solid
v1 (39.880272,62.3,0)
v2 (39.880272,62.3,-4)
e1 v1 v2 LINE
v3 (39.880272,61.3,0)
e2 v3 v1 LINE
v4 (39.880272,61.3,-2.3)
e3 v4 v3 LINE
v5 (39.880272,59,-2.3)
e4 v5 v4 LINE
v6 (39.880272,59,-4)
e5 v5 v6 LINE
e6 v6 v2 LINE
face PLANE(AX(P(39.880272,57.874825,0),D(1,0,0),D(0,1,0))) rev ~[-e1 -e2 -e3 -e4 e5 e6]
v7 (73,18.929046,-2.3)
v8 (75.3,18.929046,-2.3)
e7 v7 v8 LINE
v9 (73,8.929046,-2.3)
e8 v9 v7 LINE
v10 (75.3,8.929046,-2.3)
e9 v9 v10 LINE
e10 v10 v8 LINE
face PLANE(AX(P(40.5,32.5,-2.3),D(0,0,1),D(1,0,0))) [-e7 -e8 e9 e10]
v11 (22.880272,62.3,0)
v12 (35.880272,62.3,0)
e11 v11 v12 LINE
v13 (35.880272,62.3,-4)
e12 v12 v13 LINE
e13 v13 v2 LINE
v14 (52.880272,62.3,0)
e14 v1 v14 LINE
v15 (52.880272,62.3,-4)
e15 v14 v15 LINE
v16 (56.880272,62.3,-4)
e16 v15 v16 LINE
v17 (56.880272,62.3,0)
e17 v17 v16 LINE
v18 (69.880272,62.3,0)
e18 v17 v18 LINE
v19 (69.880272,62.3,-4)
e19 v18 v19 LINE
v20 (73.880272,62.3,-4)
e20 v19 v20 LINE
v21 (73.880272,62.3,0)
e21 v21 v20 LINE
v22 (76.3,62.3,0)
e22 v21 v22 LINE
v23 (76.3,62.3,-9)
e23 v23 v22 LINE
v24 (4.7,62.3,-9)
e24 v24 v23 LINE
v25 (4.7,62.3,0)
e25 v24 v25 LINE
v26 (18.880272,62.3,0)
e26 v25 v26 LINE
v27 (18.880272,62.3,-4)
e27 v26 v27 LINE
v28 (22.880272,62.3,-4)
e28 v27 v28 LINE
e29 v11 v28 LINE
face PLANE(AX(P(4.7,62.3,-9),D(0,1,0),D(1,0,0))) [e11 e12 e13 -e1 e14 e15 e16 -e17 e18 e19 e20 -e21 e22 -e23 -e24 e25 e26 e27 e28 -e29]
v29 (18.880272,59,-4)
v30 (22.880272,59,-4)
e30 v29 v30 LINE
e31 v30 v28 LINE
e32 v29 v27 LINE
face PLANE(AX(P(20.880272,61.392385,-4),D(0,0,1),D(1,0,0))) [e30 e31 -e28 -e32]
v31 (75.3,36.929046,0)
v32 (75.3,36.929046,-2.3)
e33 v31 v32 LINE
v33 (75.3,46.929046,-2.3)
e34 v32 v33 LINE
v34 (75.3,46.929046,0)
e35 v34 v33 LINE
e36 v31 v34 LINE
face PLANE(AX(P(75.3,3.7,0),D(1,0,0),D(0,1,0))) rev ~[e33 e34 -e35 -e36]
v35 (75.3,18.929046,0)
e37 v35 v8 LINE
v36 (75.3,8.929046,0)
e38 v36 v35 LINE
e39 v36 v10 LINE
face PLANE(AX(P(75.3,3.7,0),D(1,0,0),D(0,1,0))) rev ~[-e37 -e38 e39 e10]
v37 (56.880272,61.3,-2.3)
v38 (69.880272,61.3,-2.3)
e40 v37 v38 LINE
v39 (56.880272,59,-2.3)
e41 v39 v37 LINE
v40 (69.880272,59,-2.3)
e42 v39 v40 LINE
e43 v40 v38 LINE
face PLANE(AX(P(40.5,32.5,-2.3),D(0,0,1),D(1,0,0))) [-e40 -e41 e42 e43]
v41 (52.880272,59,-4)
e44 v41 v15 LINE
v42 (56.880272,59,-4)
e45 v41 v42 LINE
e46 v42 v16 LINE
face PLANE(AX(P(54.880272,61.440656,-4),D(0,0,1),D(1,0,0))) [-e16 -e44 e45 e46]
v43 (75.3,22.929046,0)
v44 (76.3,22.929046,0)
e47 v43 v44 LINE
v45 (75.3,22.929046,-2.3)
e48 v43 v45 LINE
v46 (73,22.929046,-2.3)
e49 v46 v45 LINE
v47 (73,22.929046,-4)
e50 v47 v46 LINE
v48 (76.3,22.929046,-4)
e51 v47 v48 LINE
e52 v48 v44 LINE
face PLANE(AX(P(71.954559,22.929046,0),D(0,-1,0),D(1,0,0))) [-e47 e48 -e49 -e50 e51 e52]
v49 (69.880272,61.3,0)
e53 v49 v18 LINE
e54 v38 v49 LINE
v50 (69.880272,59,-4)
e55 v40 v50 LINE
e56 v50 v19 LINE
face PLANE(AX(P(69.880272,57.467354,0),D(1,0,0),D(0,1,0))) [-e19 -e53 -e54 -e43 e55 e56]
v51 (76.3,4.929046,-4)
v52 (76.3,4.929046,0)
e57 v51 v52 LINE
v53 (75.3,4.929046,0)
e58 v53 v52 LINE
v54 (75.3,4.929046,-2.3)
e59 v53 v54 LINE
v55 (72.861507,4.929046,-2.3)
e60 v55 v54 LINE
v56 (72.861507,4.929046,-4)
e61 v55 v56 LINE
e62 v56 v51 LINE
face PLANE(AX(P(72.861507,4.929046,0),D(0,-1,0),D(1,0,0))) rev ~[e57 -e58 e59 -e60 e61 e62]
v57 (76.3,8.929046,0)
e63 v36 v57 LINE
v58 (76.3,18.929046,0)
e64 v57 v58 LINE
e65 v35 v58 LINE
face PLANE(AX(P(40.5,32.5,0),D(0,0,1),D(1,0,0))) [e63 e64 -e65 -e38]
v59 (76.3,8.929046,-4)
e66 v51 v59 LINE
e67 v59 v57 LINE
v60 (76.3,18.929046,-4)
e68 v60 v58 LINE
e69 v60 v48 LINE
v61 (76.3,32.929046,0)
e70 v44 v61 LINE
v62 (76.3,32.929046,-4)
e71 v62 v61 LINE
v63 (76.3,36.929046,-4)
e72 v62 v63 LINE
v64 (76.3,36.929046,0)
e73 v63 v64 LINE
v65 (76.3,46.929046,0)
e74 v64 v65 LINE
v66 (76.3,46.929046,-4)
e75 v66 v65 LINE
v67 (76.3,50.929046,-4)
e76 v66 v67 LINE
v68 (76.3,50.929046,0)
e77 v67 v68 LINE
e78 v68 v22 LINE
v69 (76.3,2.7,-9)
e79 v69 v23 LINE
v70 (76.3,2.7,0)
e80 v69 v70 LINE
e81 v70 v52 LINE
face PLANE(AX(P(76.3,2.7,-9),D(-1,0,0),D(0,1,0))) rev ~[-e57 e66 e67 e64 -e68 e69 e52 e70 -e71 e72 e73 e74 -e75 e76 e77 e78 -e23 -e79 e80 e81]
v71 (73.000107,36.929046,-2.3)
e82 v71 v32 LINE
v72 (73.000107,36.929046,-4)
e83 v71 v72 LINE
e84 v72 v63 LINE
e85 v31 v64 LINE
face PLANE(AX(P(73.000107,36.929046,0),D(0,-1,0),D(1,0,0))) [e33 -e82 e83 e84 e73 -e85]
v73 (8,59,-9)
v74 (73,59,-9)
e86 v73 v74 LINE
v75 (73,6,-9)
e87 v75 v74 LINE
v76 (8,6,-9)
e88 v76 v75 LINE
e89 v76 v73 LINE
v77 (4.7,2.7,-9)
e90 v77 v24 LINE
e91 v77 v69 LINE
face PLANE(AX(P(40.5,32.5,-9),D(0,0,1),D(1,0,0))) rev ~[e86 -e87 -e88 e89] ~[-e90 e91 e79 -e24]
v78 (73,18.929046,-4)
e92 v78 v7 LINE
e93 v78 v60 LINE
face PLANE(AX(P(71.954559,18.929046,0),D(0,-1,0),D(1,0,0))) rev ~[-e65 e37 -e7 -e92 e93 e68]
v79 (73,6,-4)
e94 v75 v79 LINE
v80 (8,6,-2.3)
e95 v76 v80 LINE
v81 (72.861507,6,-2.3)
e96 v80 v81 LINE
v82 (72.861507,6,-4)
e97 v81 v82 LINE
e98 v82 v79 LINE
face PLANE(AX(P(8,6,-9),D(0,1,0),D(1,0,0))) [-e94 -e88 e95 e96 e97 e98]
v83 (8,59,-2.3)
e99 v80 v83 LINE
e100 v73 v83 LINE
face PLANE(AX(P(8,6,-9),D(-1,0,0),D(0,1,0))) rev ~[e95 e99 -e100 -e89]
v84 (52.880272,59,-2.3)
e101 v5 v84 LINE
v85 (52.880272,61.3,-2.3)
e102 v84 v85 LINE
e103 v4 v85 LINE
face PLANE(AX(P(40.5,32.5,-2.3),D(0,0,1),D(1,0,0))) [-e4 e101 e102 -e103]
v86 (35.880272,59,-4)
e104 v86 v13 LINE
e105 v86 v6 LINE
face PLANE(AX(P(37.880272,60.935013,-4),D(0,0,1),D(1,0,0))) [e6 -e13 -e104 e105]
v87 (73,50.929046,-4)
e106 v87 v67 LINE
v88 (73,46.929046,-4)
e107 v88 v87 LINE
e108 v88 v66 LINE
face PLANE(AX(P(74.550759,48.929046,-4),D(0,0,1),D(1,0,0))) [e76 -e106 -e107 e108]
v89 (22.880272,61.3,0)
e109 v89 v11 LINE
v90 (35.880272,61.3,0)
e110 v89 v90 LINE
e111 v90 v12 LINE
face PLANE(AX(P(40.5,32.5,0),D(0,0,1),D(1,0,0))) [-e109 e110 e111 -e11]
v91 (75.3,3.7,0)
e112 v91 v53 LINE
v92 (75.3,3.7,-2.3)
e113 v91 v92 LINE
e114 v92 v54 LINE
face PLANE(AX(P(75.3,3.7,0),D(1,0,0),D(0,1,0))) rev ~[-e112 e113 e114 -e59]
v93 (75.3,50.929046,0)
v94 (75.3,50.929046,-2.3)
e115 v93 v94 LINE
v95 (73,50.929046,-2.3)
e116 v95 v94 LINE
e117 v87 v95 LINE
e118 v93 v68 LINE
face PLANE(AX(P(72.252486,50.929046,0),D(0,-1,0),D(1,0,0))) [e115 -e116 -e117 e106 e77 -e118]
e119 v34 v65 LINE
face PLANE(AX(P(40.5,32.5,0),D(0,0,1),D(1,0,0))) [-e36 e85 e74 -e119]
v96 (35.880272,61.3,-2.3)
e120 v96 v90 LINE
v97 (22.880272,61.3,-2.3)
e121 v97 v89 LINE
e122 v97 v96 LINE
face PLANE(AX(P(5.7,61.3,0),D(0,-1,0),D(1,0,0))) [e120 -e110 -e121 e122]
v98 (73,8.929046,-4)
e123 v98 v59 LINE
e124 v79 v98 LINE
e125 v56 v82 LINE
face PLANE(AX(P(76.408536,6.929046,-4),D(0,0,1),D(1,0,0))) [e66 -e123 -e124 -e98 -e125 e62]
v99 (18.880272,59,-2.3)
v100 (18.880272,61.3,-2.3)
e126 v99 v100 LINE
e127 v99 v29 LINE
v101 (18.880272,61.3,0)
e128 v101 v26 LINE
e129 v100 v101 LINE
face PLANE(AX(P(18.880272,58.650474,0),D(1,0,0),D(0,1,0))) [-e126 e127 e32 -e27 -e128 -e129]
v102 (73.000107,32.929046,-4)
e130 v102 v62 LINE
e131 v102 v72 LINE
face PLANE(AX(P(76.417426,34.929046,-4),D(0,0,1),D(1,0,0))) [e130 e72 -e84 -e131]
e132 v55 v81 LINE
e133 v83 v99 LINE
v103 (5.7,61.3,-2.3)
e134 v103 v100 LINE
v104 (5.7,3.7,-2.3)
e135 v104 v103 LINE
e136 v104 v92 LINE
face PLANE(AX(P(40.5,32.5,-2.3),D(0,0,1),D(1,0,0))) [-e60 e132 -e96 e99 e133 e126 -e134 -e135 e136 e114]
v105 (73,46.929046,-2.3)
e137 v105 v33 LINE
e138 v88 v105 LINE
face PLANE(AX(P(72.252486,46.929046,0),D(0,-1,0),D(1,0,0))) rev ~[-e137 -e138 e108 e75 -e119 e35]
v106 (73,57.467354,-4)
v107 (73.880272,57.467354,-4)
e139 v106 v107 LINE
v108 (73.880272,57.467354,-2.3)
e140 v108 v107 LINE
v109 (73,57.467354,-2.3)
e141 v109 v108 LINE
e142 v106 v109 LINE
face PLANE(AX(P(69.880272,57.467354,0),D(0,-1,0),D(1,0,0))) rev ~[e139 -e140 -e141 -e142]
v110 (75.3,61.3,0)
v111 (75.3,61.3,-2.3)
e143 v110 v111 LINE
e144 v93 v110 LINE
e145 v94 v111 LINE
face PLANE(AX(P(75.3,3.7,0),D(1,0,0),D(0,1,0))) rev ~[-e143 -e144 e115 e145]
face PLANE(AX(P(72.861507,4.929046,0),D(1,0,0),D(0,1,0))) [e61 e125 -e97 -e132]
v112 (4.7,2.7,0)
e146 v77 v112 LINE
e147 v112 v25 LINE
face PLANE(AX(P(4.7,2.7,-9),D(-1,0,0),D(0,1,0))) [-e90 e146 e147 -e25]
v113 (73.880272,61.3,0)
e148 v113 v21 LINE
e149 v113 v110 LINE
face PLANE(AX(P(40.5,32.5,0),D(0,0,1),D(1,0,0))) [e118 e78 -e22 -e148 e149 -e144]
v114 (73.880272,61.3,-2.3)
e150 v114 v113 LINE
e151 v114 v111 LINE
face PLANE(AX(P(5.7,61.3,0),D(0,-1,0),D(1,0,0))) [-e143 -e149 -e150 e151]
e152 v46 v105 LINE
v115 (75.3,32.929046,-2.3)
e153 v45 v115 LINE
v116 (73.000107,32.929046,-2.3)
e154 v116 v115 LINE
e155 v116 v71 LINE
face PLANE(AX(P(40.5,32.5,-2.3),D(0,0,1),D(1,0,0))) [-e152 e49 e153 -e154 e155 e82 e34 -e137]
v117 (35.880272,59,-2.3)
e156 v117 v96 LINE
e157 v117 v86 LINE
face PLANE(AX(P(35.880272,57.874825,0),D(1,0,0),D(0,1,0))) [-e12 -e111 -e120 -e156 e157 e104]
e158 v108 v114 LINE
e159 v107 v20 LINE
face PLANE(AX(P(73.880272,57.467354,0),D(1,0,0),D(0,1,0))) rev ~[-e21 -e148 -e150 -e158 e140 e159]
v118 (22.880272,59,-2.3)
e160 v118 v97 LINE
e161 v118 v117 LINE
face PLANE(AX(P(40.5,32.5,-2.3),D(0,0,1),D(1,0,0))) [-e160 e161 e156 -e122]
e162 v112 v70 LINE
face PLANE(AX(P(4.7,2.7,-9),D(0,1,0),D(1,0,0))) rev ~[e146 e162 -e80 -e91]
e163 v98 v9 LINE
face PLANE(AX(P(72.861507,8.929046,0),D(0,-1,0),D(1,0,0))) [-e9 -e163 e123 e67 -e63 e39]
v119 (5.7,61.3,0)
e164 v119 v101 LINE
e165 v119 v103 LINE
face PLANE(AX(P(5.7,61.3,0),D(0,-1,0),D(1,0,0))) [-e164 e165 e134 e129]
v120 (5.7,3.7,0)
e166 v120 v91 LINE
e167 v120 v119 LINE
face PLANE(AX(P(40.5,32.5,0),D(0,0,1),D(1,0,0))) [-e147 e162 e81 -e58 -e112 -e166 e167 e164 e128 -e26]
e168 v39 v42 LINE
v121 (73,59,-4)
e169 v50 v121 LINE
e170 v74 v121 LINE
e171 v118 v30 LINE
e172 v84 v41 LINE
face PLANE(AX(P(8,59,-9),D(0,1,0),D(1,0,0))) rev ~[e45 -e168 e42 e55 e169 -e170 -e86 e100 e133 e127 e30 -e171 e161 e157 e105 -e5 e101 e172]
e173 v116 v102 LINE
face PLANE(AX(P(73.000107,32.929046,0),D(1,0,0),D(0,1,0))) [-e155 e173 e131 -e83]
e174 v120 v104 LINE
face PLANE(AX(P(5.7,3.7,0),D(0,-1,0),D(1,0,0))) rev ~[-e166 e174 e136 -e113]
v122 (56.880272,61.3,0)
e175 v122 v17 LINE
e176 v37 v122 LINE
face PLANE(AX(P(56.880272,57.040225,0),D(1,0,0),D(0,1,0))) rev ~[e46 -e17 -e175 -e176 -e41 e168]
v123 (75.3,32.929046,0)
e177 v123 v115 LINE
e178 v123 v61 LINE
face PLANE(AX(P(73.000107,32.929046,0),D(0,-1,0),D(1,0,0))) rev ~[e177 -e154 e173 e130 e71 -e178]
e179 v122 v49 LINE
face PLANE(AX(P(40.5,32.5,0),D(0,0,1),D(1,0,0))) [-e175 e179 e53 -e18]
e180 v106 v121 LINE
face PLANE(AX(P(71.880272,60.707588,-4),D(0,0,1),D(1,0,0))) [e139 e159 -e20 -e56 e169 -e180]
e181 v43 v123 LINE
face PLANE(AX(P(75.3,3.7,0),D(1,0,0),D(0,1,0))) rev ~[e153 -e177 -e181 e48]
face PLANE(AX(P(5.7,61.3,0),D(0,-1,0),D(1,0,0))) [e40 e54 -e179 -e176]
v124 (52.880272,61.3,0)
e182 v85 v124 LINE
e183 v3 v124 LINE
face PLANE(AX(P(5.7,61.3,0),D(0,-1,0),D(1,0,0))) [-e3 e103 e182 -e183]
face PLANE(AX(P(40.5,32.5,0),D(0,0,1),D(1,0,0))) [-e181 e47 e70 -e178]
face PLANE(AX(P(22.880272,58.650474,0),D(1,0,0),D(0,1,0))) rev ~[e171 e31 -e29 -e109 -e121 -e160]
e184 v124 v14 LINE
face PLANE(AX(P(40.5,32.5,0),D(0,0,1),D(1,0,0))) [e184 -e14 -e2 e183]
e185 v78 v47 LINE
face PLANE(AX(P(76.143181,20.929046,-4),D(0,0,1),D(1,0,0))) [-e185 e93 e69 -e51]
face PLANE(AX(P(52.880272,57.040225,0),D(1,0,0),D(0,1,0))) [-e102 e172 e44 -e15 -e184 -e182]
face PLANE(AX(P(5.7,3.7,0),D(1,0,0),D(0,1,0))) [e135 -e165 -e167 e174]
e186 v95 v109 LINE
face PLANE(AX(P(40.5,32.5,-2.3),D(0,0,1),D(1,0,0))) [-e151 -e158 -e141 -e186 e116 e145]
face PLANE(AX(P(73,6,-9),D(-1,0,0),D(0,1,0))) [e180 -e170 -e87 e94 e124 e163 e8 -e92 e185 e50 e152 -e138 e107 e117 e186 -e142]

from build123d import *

# Parameters (mm, degrees)
SKETCH017_W     = 71.6
SKETCH017_H     = 59.6
SKETCH017_W_2   = 65
SKETCH017_H_2   = 53
PAD009_DEPTH    = 9
SKETCH015_W     = 69.6
SKETCH015_H     = 57.6
POCKET004_DEPTH = 2.3
SKETCH016_W     = 4
SKETCH016_H     = 5.483822
SKETCH016_H_2   = 6.120376
SKETCH016_H_3   = 8.800861
SKETCH016_H_4   = 6.480469
SKETCH016_W_2   = 4.596547
SKETCH016_H_5   = 4
SKETCH016_W_3   = 6.834637
SKETCH016_W_4   = 8.377245
SKETCH016_W_5   = 7.094059
POCKET006_DEPTH = 4


with BuildPart() as part:
    # Sketch017 → Pad009 (new body)
    with BuildSketch(Plane.XY):
        with Locations((32.5, 26.5)):
            Rectangle(SKETCH017_W, SKETCH017_H)
        with Locations((32.5, 26.5)):
            Rectangle(SKETCH017_W_2, SKETCH017_H_2, mode=Mode.SUBTRACT)
    extrude(amount=PAD009_DEPTH)

    # Sketch015 (on Face10 of Pad009) → Pocket004 (cut)
    with BuildSketch(Plane.XY.offset(9)):
        with Locations((32.5, 26.5)):
            Rectangle(SKETCH015_W, SKETCH015_H)
    extrude(amount=-POCKET004_DEPTH, mode=Mode.SUBTRACT)

    # Sketch016 (on Face5 of Pocket004) → Pocket006 (cut)
    with BuildSketch(Plane.XY.offset(9)):
        with Locations((12.880272, 55.392385)):
            Rectangle(SKETCH016_W, SKETCH016_H)
        with Locations((29.880272, 54.935013)):
            Rectangle(SKETCH016_W, SKETCH016_H_2)
        with Locations((46.880272, 55.440656)):
            Rectangle(SKETCH016_W, SKETCH016_H_3)
        with Locations((63.880272, 54.707588)):
            Rectangle(SKETCH016_W, SKETCH016_H_4)
        with Locations((66.550759, 42.929046)):
            Rectangle(SKETCH016_W_2, SKETCH016_H_5)
        with Locations((68.417426, 28.929046)):
            Rectangle(SKETCH016_W_3, SKETCH016_H_5)
        with Locations((68.143181, 14.929046)):
            Rectangle(SKETCH016_W_4, SKETCH016_H_5)
        with Locations((68.408536, 0.929046)):
            Rectangle(SKETCH016_W_5, SKETCH016_H_5)
    extrude(amount=-POCKET006_DEPTH, mode=Mode.SUBTRACT)


with BuildPart() as part_1:
    # Body003 placement: moved
    add(part.part.moved(Location((8, 6, -9))))


solid = part_1.part
